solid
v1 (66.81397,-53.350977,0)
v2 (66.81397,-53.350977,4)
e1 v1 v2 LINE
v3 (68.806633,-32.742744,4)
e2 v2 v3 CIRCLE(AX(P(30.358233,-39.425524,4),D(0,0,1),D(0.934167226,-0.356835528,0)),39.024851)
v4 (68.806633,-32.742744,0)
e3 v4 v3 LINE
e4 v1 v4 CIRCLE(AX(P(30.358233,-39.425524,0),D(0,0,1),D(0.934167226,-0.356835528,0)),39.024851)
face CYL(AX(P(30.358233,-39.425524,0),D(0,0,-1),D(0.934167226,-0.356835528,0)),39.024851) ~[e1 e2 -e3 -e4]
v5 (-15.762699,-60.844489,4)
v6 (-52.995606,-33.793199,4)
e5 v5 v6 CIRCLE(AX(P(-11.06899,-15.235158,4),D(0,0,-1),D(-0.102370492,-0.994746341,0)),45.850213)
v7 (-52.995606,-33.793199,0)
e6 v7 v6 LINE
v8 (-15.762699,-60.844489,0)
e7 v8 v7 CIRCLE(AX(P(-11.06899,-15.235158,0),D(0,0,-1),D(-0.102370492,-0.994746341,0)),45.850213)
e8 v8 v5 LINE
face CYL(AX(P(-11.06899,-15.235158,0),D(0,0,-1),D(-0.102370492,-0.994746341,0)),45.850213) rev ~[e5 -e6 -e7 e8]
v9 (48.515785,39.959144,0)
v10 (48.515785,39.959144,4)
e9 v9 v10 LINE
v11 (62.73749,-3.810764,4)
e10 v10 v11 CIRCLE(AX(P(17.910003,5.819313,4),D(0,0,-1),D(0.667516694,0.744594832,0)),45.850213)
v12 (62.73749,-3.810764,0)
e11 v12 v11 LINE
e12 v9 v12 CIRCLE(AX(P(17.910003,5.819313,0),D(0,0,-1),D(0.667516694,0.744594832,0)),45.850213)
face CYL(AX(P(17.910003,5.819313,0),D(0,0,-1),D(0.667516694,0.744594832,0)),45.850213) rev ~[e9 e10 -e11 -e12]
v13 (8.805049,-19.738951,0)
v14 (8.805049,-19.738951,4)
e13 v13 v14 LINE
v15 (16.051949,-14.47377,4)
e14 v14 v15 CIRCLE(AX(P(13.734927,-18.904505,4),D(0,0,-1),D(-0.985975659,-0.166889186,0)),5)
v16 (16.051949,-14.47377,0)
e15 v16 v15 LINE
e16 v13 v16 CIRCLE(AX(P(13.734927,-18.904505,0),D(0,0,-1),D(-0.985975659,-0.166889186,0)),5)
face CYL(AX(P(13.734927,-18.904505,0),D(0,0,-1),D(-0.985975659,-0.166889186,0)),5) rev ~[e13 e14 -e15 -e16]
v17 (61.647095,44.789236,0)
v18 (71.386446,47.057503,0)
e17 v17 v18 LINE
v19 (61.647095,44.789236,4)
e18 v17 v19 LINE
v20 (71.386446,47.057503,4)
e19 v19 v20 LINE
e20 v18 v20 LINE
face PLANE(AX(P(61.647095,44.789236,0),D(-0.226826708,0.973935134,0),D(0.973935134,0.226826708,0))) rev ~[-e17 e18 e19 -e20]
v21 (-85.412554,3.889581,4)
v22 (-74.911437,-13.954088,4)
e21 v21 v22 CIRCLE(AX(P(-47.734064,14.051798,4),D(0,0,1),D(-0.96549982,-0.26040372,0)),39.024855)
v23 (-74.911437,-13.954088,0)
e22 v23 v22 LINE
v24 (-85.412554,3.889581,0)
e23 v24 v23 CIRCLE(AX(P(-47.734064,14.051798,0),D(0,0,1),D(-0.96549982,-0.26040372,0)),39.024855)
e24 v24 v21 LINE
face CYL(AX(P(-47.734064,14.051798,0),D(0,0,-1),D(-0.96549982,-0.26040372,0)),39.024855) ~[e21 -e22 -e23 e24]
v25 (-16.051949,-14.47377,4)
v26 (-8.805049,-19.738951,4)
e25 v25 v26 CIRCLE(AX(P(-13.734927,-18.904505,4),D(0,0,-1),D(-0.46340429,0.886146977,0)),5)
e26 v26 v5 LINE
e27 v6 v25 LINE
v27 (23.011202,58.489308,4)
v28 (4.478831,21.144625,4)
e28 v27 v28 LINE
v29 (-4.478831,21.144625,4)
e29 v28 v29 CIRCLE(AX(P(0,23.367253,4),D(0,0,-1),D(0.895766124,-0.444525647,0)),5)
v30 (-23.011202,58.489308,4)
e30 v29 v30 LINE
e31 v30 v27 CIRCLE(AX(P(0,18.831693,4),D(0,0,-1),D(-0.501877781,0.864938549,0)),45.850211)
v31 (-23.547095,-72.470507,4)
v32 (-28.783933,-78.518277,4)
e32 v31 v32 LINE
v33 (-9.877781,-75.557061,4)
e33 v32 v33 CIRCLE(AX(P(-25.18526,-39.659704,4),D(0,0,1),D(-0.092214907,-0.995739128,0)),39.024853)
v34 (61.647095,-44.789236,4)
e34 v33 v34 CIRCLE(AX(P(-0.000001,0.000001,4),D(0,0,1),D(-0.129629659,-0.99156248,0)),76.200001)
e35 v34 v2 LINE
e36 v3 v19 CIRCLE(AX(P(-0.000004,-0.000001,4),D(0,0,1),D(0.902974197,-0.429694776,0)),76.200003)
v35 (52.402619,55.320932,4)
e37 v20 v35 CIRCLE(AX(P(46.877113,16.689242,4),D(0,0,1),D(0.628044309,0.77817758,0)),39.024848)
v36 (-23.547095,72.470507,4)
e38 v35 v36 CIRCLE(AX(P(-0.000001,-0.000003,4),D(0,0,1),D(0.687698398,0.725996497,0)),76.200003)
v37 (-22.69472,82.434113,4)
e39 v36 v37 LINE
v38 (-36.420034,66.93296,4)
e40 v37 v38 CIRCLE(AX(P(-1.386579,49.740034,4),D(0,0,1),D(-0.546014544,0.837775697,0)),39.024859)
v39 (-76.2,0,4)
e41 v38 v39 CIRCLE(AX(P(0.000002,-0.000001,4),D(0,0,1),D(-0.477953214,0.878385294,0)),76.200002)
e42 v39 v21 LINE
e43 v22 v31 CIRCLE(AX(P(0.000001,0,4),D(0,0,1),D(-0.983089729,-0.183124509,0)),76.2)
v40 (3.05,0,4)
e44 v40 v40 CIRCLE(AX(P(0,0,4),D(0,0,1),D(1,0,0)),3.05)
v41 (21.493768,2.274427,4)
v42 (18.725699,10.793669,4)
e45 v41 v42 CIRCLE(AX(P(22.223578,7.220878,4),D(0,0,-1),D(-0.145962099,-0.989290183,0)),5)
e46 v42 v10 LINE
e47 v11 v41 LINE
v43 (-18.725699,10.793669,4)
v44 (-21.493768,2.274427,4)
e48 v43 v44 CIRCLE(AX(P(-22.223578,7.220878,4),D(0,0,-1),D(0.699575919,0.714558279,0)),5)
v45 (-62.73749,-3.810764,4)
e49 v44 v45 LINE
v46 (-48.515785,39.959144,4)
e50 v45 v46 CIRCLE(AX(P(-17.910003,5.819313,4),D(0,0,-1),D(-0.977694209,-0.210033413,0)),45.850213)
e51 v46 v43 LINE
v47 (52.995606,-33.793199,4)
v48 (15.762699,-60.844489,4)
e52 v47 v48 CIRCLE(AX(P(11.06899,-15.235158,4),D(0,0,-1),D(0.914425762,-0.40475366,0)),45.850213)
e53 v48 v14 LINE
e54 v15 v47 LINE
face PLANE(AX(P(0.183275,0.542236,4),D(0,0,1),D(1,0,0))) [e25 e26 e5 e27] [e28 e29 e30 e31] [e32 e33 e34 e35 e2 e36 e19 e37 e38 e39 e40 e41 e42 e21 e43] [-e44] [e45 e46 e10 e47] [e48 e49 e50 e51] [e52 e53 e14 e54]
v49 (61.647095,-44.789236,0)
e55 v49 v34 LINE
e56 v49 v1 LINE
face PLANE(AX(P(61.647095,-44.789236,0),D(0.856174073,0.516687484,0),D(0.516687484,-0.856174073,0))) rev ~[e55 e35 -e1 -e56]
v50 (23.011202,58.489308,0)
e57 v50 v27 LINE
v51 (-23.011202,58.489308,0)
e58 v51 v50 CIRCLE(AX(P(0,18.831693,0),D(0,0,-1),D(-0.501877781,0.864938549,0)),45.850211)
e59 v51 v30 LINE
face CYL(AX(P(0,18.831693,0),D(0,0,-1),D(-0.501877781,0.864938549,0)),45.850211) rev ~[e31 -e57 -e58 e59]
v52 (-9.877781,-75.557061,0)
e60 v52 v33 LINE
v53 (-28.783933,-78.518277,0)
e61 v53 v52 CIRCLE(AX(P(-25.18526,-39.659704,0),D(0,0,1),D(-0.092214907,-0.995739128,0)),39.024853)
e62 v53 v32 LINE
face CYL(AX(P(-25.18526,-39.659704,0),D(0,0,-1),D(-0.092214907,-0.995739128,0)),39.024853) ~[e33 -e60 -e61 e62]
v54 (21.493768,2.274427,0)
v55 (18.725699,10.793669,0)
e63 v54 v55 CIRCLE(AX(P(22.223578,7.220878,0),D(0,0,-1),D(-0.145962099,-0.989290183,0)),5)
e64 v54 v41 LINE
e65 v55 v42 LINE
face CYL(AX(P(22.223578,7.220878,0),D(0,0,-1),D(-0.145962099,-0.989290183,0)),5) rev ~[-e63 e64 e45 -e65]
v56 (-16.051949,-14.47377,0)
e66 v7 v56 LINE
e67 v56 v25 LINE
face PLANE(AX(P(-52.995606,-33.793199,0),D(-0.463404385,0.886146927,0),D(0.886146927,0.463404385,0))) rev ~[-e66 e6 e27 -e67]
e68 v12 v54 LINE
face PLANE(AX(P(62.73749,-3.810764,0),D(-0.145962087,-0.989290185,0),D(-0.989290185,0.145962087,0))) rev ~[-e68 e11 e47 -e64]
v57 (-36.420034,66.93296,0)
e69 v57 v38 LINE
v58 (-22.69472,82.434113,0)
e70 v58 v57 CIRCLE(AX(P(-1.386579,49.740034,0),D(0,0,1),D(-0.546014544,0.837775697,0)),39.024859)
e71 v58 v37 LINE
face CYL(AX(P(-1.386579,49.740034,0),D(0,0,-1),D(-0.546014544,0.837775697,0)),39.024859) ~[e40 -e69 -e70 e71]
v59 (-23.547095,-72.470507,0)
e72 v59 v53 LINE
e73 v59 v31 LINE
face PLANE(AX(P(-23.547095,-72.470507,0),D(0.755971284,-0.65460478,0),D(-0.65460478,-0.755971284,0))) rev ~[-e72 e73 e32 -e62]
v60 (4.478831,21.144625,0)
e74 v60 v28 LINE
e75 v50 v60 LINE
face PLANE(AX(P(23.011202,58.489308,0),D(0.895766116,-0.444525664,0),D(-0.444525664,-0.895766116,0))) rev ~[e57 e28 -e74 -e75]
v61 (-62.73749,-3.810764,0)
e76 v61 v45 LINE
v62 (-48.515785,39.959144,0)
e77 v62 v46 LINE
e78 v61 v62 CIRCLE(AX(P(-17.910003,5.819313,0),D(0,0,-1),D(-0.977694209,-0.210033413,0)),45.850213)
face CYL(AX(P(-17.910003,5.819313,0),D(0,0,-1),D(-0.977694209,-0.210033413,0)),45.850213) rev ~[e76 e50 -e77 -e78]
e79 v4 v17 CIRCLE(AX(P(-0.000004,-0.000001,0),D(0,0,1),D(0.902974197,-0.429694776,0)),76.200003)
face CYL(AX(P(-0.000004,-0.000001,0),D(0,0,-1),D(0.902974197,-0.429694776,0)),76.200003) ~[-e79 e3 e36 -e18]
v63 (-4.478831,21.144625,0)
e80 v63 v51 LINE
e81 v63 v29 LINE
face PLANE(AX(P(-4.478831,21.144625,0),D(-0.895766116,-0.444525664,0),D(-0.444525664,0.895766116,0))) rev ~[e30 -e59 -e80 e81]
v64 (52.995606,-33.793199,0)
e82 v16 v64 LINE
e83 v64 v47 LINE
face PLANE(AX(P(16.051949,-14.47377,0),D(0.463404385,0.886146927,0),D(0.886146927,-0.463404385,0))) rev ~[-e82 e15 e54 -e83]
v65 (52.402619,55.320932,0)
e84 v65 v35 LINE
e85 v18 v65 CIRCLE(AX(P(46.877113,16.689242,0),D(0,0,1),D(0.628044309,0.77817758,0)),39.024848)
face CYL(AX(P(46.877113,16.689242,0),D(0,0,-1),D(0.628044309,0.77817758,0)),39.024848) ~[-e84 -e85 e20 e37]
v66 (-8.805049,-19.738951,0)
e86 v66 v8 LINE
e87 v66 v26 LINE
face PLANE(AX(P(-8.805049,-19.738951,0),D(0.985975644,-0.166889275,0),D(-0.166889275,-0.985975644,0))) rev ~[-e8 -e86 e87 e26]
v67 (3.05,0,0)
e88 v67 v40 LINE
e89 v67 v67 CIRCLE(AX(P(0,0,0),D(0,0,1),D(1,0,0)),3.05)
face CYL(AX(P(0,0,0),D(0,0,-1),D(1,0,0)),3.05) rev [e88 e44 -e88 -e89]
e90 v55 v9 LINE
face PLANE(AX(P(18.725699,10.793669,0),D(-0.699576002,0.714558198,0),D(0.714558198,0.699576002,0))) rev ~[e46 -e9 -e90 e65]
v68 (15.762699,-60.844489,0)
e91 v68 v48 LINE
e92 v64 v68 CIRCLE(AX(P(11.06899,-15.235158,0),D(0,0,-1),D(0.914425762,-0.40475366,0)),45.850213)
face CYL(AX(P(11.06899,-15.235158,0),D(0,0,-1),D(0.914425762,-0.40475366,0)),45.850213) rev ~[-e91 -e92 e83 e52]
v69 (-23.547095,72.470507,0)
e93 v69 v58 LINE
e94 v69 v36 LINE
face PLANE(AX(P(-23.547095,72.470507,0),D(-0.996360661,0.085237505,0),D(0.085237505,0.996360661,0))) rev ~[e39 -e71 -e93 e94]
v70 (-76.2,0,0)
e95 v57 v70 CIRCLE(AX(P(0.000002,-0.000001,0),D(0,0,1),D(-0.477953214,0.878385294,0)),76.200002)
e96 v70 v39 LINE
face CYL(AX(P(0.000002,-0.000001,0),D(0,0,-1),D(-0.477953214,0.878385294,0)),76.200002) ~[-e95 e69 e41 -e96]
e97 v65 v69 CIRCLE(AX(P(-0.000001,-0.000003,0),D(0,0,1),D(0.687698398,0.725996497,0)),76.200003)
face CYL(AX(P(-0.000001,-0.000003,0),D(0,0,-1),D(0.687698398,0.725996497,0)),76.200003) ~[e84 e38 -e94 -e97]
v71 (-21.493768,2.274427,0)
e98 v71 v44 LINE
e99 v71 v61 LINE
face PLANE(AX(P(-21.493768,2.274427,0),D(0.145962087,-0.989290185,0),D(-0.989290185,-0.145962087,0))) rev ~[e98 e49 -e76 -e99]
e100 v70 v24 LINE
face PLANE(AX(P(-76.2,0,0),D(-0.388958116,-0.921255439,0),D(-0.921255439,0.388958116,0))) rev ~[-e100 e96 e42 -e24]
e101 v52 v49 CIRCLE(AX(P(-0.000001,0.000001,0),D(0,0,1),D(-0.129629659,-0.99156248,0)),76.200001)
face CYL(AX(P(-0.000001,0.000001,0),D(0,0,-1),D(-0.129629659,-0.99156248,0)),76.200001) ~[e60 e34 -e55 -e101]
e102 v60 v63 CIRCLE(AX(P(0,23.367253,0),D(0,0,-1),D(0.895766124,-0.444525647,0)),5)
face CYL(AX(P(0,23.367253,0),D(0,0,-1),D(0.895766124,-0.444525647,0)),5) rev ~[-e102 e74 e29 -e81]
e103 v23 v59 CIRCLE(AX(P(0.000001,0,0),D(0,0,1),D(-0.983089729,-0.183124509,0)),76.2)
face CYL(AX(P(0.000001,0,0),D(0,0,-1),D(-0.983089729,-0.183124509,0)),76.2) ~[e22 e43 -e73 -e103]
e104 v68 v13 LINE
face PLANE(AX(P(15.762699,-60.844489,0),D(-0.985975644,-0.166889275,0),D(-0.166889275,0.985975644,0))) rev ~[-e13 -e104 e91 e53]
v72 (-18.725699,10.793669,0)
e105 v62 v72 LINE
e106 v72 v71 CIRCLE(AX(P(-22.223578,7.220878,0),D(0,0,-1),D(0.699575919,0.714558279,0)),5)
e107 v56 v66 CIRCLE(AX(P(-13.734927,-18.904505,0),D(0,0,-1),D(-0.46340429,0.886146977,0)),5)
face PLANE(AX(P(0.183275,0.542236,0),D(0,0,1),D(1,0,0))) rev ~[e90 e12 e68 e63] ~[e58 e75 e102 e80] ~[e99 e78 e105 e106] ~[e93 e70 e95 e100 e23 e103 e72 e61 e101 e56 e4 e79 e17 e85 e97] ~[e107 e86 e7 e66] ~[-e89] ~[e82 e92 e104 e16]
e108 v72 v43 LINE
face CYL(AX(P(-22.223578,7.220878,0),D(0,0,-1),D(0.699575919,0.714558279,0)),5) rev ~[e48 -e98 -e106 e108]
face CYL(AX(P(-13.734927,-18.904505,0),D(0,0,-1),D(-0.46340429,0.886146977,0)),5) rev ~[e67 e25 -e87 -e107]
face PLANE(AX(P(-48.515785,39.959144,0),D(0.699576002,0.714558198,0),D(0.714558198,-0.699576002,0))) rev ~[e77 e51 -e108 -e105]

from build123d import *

# Parameters (mm, degrees)
F0_R     = 3.05
F1_DEPTH = 4


with BuildPart() as f1:
    # F0 (on Top) → F1 (new body)
    with BuildSketch(Plane.XY):
        with BuildLine():
            ThreePointArc((-85.412554, 3.889581), (-81.366933, -5.741367), (-74.911437, -13.954088))
            ThreePointArc((-74.911437, -13.954088), (-57.267473, -50.268047), (-23.547095, -72.470507))
            Line((-23.547095, -72.470507), (-28.783933, -78.518277))
            ThreePointArc((-28.783933, -78.518277), (-19.146532, -78.214508), (-9.877781, -75.557061))
            ThreePointArc((-9.877781, -75.557061), (30.111131, -69.998284), (61.647095, -44.789236))
            Line((61.647095, -44.789236), (66.81397, -53.350977))
            ThreePointArc((66.81397, -53.350977), (69.201923, -43.18142), (68.806633, -32.742744))
            ThreePointArc((68.806633, -32.742744), (75.877175, 7.006728), (61.647095, 44.789236))
            Line((61.647095, 44.789236), (71.386446, 47.057503))
            ThreePointArc((71.386446, 47.057503), (62.452541, 52.471147), (52.402619, 55.320932))
            ThreePointArc((52.402619, 55.320932), (16.783542, 74.32868), (-23.547095, 72.470507))
            Line((-23.547095, 72.470507), (-22.69472, 82.434113))
            ThreePointArc((-22.69472, 82.434113), (-30.60413, 75.610372), (-36.420034, 66.93296))
            ThreePointArc((-36.420034, 66.93296), (-65.504376, 38.930922), (-76.2, 0))
            Line((-76.2, 0), (-85.412554, 3.889581))
        make_face()
        with BuildLine():
            ThreePointArc((-15.762699, -60.844489), (-38.019069, -52.328759), (-52.995606, -33.793199))
            Line((-52.995606, -33.793199), (-16.051949, -14.47377))
            ThreePointArc((-16.051949, -14.47377), (-10.796001, -14.85942), (-8.805049, -19.738951))
            Line((-8.805049, -19.738951), (-15.762699, -60.844489))
        make_face(mode=Mode.SUBTRACT)
        with BuildLine():
            ThreePointArc((52.995606, -33.793199), (38.019069, -52.328759), (15.762699, -60.844489))
            Line((15.762699, -60.844489), (8.805049, -19.738951))
            ThreePointArc((8.805049, -19.738951), (10.796001, -14.85942), (16.051949, -14.47377))
            Line((16.051949, -14.47377), (52.995606, -33.793199))
        make_face(mode=Mode.SUBTRACT)
        Circle(F0_R, mode=Mode.SUBTRACT)
        with BuildLine():
            ThreePointArc((-62.73749, -3.810764), (-61.516146, 19.987808), (-48.515785, 39.959144))
            Line((-48.515785, 39.959144), (-18.725699, 10.793669))
            ThreePointArc((-18.725699, 10.793669), (-17.468296, 5.675793), (-21.493768, 2.274427))
            Line((-21.493768, 2.274427), (-62.73749, -3.810764))
        make_face(mode=Mode.SUBTRACT)
        with BuildLine():
            Line((23.011202, 58.489308), (4.478831, 21.144625))
            ThreePointArc((4.478831, 21.144625), (0, 18.367253), (-4.478831, 21.144625))
            Line((-4.478831, 21.144625), (-23.011202, 58.489308))
            ThreePointArc((-23.011202, 58.489308), (0, 64.681904), (23.011202, 58.489308))
        make_face(mode=Mode.SUBTRACT)
        with BuildLine():
            ThreePointArc((48.515785, 39.959144), (61.516146, 19.987808), (62.73749, -3.810764))
            Line((62.73749, -3.810764), (21.493768, 2.274427))
            ThreePointArc((21.493768, 2.274427), (17.468296, 5.675793), (18.725699, 10.793669))
            Line((18.725699, 10.793669), (48.515785, 39.959144))
        make_face(mode=Mode.SUBTRACT)
    extrude(amount=F1_DEPTH)


solid = f1.part
